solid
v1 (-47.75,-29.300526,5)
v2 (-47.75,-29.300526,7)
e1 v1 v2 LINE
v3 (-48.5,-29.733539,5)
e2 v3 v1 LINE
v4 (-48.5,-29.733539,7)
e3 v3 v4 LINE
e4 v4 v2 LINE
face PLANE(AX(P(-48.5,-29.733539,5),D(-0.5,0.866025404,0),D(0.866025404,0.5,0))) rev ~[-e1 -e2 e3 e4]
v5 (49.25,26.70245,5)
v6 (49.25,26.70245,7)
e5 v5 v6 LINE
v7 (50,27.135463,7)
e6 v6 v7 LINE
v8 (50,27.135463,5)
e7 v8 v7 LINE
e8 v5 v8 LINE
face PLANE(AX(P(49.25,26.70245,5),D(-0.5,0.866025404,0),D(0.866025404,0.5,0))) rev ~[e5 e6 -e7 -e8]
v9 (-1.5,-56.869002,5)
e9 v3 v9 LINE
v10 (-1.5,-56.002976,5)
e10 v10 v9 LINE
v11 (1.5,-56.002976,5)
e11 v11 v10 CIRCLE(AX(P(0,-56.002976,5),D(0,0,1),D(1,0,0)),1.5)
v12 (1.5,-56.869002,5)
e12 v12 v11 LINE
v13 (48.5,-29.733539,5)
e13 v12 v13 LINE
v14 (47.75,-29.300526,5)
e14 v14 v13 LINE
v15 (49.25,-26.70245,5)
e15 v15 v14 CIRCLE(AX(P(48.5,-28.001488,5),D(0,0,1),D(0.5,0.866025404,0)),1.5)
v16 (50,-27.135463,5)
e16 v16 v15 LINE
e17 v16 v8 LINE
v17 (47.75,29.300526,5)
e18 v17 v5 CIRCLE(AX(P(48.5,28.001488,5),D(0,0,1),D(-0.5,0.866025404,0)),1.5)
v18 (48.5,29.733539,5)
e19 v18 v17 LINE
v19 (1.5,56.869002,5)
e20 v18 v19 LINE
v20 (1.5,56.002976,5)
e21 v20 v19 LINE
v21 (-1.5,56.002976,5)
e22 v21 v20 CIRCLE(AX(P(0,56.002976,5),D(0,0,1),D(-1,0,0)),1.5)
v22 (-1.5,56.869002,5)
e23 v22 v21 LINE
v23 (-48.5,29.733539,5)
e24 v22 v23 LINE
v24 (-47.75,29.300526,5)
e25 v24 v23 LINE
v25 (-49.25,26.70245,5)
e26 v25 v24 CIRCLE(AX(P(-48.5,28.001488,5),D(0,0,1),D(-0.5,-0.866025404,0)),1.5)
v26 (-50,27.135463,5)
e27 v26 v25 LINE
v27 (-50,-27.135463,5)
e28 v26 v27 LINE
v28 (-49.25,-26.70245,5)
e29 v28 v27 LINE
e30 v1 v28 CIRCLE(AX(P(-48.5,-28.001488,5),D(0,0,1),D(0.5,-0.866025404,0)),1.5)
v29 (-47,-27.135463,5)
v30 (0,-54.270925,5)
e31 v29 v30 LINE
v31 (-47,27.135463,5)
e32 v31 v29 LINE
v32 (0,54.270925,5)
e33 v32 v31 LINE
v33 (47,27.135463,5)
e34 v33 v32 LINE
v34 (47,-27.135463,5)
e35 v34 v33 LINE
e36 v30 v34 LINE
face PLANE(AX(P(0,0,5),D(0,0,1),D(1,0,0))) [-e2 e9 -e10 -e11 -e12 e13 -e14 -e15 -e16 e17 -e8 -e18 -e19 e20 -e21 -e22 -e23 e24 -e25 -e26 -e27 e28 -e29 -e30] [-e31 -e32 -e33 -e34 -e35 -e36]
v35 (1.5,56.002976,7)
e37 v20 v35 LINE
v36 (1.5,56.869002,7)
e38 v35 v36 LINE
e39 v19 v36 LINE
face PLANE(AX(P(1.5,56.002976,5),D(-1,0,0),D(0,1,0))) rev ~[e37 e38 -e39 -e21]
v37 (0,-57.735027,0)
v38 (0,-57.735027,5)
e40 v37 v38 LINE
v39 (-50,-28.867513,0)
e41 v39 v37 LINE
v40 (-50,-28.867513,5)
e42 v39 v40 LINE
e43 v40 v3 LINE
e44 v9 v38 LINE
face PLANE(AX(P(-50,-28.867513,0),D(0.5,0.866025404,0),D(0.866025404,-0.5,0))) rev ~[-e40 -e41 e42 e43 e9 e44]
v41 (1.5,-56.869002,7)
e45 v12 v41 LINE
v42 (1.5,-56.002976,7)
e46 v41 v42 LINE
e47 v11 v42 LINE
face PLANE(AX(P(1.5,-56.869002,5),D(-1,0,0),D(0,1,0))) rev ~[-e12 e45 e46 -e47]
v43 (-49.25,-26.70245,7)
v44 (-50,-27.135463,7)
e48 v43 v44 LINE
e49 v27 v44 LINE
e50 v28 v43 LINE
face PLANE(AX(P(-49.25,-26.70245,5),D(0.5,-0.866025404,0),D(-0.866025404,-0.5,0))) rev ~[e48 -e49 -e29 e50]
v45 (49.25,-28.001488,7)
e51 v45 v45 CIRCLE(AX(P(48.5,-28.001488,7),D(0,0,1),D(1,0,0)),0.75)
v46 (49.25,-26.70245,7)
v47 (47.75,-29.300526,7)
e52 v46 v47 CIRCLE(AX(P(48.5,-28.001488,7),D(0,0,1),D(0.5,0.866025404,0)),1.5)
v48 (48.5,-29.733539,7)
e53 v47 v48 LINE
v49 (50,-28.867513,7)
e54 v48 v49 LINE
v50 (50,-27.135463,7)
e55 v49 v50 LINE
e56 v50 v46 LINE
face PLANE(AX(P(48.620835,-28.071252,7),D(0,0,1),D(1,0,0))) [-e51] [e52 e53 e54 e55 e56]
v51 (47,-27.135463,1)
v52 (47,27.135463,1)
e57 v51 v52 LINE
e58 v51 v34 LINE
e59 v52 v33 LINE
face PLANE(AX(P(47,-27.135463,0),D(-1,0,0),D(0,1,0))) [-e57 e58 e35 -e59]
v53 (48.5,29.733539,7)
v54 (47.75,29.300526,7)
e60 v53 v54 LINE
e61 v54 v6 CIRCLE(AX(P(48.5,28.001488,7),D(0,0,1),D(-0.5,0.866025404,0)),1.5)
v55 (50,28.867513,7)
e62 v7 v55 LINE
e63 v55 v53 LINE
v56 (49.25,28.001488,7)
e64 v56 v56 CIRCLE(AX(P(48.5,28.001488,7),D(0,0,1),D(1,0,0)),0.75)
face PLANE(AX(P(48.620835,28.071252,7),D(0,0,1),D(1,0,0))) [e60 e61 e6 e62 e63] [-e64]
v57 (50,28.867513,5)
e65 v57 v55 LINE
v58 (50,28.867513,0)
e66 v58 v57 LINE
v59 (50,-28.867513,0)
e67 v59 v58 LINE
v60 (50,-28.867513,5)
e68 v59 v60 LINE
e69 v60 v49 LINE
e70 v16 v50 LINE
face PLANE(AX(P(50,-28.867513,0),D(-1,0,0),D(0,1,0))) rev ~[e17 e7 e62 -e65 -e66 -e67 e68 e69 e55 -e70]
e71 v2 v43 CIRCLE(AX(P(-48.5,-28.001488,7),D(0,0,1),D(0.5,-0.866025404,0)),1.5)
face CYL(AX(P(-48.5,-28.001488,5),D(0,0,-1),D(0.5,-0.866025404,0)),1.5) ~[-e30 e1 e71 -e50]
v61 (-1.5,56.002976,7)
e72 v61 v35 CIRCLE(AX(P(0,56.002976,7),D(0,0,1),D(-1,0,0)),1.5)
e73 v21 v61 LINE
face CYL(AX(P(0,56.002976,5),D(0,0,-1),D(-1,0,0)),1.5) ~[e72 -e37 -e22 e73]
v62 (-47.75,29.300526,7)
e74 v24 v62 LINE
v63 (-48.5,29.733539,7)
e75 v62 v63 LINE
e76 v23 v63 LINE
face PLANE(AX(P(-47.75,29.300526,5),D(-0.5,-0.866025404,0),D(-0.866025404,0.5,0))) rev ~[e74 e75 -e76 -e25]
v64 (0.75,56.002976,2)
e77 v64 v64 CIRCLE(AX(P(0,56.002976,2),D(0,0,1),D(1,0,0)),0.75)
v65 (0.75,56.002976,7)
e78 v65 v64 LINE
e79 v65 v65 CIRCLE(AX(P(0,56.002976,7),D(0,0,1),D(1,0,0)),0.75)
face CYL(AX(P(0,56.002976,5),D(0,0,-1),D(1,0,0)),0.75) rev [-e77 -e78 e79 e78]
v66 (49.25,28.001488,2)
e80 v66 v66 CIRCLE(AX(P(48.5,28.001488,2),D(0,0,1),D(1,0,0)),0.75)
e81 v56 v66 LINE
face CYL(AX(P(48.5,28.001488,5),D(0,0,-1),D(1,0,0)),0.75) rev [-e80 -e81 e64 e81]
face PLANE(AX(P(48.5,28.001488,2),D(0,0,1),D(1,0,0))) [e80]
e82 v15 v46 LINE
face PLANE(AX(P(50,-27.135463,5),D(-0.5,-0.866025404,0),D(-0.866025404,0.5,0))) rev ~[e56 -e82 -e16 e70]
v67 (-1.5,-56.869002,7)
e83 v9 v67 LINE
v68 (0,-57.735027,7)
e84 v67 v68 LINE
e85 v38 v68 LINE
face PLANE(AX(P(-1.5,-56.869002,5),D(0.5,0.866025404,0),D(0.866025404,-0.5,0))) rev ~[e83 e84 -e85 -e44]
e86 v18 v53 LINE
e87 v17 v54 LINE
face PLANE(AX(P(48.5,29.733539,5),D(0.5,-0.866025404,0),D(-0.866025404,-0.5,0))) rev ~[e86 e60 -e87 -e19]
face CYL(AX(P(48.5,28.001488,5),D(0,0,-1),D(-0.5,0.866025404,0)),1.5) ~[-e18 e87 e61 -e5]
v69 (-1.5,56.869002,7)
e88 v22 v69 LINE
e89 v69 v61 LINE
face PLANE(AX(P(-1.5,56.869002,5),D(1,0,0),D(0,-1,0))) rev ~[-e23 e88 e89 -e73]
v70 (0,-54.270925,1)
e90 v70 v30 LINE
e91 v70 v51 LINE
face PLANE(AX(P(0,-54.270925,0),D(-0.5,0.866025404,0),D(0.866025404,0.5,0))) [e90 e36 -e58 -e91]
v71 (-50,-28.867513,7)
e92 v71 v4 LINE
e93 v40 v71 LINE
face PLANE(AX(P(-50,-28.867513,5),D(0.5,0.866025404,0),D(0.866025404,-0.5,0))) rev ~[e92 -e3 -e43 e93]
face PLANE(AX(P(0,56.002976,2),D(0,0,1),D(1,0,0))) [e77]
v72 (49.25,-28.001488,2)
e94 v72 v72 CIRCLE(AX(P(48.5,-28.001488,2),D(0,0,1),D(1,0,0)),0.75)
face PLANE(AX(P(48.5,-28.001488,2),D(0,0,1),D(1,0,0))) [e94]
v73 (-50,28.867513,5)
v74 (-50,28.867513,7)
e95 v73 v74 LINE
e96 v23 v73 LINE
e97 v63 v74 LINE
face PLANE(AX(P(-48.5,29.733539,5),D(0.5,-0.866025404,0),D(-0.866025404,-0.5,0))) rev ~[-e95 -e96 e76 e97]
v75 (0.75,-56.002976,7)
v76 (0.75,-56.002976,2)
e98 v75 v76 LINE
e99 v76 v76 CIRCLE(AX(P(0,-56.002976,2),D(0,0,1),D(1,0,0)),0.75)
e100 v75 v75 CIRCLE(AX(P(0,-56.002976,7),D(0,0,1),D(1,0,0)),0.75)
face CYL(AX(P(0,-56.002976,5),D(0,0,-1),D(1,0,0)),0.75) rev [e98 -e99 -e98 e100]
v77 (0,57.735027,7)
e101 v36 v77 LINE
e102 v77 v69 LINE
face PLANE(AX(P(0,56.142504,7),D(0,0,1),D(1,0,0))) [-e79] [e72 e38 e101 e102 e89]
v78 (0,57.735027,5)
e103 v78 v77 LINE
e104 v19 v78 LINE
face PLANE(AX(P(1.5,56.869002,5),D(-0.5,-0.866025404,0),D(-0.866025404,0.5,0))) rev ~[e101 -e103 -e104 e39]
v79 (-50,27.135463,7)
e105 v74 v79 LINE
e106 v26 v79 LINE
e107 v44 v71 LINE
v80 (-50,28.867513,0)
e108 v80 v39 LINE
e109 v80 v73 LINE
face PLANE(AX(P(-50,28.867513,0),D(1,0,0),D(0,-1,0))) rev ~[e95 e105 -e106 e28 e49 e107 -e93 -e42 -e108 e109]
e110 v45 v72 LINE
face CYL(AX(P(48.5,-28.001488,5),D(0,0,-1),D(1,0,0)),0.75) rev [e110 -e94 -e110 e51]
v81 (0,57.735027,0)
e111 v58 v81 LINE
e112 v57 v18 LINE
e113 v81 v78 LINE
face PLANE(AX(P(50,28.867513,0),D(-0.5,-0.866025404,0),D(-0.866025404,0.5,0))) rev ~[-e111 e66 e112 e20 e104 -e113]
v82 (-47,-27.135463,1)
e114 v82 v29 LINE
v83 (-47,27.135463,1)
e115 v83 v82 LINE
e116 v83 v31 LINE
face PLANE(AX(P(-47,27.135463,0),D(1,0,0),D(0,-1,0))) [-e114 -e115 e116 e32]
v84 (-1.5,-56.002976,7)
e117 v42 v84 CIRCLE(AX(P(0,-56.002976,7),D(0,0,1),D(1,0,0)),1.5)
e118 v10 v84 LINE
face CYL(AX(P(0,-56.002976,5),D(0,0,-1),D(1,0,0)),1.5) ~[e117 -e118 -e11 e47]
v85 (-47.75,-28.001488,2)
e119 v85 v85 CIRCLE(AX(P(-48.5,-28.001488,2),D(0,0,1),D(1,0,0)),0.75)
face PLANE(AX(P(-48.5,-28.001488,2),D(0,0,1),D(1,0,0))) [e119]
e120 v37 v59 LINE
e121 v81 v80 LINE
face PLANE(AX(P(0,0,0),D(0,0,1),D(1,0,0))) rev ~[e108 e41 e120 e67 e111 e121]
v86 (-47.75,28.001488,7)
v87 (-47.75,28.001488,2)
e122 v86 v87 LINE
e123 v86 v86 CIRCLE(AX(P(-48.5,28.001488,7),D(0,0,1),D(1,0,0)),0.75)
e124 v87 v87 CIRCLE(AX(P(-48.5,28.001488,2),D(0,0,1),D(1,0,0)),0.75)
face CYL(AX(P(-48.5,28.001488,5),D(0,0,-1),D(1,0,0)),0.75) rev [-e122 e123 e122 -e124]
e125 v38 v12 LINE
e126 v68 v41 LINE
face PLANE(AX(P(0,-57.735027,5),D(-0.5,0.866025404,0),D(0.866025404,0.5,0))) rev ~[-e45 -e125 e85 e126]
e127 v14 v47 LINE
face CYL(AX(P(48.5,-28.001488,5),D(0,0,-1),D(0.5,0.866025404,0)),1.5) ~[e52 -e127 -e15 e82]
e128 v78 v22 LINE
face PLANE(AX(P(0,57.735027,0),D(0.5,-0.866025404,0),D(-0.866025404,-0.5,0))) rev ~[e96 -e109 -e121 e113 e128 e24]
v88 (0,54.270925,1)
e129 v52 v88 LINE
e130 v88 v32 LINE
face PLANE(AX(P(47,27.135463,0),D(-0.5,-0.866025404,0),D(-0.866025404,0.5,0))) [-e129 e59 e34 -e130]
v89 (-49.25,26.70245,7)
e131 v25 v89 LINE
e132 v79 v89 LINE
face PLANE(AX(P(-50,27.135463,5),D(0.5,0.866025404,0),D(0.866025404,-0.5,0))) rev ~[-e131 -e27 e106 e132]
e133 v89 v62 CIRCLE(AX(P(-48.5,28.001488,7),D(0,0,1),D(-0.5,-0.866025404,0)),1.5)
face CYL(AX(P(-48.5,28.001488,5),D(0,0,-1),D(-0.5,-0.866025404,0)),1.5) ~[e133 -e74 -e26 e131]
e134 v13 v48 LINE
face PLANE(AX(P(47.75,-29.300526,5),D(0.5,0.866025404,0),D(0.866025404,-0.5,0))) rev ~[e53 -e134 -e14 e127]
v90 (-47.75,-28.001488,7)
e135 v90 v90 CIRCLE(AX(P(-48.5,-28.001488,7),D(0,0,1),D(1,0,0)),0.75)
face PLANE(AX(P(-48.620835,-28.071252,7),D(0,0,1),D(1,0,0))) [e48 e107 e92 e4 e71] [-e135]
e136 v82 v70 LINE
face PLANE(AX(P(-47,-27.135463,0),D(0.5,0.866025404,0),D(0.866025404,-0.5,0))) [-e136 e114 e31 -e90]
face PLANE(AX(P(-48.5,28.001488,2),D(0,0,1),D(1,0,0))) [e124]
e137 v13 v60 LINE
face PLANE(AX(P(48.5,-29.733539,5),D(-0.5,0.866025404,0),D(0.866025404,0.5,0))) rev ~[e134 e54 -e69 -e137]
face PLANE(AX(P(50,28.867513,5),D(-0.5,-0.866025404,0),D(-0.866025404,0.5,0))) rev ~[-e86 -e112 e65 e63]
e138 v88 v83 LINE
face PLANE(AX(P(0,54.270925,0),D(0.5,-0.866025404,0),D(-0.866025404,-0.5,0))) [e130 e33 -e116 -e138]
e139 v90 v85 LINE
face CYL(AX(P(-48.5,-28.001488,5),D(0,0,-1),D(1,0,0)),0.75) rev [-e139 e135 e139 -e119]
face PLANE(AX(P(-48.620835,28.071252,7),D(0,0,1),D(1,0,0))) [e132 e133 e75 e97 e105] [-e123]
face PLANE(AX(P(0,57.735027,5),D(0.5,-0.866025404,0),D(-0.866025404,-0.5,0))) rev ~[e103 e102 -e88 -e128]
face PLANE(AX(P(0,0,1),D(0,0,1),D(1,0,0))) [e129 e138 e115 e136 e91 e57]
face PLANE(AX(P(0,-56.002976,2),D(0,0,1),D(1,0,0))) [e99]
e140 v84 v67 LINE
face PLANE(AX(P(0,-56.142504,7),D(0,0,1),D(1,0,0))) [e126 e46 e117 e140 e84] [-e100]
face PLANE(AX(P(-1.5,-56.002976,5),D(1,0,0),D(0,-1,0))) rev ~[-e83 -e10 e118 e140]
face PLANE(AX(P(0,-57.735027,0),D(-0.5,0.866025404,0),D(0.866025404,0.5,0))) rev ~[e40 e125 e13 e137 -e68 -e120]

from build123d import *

# Parameters (mm, degrees)
BOSS_EXTRUDE1_DEPTH = 5
BOSS_EXTRUDE2_DEPTH = 1
SKETCH3_R           = 0.75
BOSS_EXTRUDE3_DEPTH = 2
CUT_EXTRUDE1_START  = -3
SKETCH4_R           = 0.75
CUT_EXTRUDE1_DEPTH  = 3


with BuildPart() as part:
    # Sketch1 → Boss-Extrude1 (new body)
    with BuildSketch(Plane.XY):
        Polygon((0, 57.735026919), (-50, 28.867513459), (-50, -28.867513459), (0, -57.735026919), (50, -28.867513459), (50, 28.867513459), align=None)
        Polygon((0, 54.270925304), (-47, 27.135462652), (-47, -27.135462652), (0, -54.270925304), (47, -27.135462652), (47, 27.135462652), align=None, mode=Mode.SUBTRACT)
    extrude(amount=BOSS_EXTRUDE1_DEPTH)

    # Sketch2 → Boss-Extrude2 (add)
    with BuildSketch(Plane(origin=(0, 0, 0), x_dir=(-1, 0, 0), z_dir=(0, 0, -1))):
        Polygon((-47, -27.135462652), (-47, 27.135462652), (0, 54.270925304), (47, 27.135462652), (47, -27.135462652), (0, -54.270925304), align=None)
    extrude(amount=-BOSS_EXTRUDE2_DEPTH)

    # Sketch3 → Boss-Extrude3 (add)
    # profile 1 of 6: a face of its own
    with BuildSketch(Plane.XY.offset(5)):
        with BuildLine():
            Line((1.5, 56.002976111), (1.5, 56.869001515))
            Line((1.5, 56.869001515), (0, 57.735026919))
            Line((0, 57.735026919), (-1.5, 56.869001515))
            Line((-1.5, 56.869001515), (-1.5, 56.002976111))
            ThreePointArc((-1.5, 56.002976111), (0, 54.502976111), (1.5, 56.002976111))
        make_face()
        with Locations((0, 56.002976111)):
            Circle(SKETCH3_R, mode=Mode.SUBTRACT)
    # profile 2 of 6: a face of its own
    with BuildSketch(Plane.XY.offset(5)):
        with BuildLine():
            Line((50, 27.135462652), (50, 28.867513459))
            Line((50, 28.867513459), (48.5, 29.733538863))
            Line((48.5, 29.733538863), (47.75, 29.300526161))
            ThreePointArc((47.75, 29.300526161), (47.200961894, 27.251488056), (49.25, 26.70244995))
            Line((49.25, 26.70244995), (50, 27.135462652))
        make_face()
        with Locations((48.5, 28.001488056)):
            Circle(SKETCH3_R, mode=Mode.SUBTRACT)
    # profile 3 of 6: a face of its own
    with BuildSketch(Plane.XY.offset(5)):
        with BuildLine():
            Line((50, -28.867513459), (50, -27.135462652))
            Line((50, -27.135462652), (49.25, -26.70244995))
            ThreePointArc((49.25, -26.70244995), (47.200961894, -27.251488056), (47.75, -29.300526161))
            Line((47.75, -29.300526161), (48.5, -29.733538863))
            Line((48.5, -29.733538863), (50, -28.867513459))
        make_face()
        with Locations((48.5, -28.001488056)):
            Circle(SKETCH3_R, mode=Mode.SUBTRACT)
    # profile 4 of 6: a face of its own
    with BuildSketch(Plane.XY.offset(5)):
        with BuildLine():
            Line((0, -57.735026919), (1.5, -56.869001515))
            Line((1.5, -56.869001515), (1.5, -56.002976111))
            ThreePointArc((1.5, -56.002976111), (0, -54.502976111), (-1.5, -56.002976111))
            Line((-1.5, -56.002976111), (-1.5, -56.869001515))
            Line((-1.5, -56.869001515), (0, -57.735026919))
        make_face()
        with Locations((0, -56.002976111)):
            Circle(SKETCH3_R, mode=Mode.SUBTRACT)
    # profile 5 of 6: a face of its own
    with BuildSketch(Plane.XY.offset(5)):
        with BuildLine():
            Line((-50, -28.867513459), (-48.5, -29.733538863))
            Line((-48.5, -29.733538863), (-47.75, -29.300526161))
            ThreePointArc((-47.75, -29.300526161), (-47.200961894, -27.251488056), (-49.25, -26.70244995))
            Line((-49.25, -26.70244995), (-50, -27.135462652))
            Line((-50, -27.135462652), (-50, -28.867513459))
        make_face()
        with Locations((-48.5, -28.001488056)):
            Circle(SKETCH3_R, mode=Mode.SUBTRACT)
    # profile 6 of 6: a face of its own
    with BuildSketch(Plane.XY.offset(5)):
        with BuildLine():
            Line((-47.75, 29.300526161), (-48.5, 29.733538863))
            Line((-48.5, 29.733538863), (-50, 28.867513459))
            Line((-50, 28.867513459), (-50, 27.135462652))
            Line((-50, 27.135462652), (-49.25, 26.70244995))
            ThreePointArc((-49.25, 26.70244995), (-47.200961894, 27.251488056), (-47.75, 29.300526161))
        make_face()
        with Locations((-48.5, 28.001488056)):
            Circle(SKETCH3_R, mode=Mode.SUBTRACT)
    extrude(amount=BOSS_EXTRUDE3_DEPTH)

    # Sketch4 → Cut-Extrude1 (cut)
    with BuildSketch(Plane.XY.offset(5).offset(CUT_EXTRUDE1_START)):
        with Locations((0, 56.002976111)):
            Circle(SKETCH4_R)
        with Locations((-48.5, 28.001488056)):
            Circle(SKETCH4_R)
        with Locations((-48.5, -28.001488056)):
            Circle(SKETCH4_R)
        with Locations((0, -56.002976111)):
            Circle(SKETCH4_R)
        with Locations((48.5, -28.001488056)):
            Circle(SKETCH4_R)
        with Locations((48.5, 28.001488056)):
            Circle(SKETCH4_R)
    extrude(amount=CUT_EXTRUDE1_DEPTH, mode=Mode.SUBTRACT)


solid = part.part
